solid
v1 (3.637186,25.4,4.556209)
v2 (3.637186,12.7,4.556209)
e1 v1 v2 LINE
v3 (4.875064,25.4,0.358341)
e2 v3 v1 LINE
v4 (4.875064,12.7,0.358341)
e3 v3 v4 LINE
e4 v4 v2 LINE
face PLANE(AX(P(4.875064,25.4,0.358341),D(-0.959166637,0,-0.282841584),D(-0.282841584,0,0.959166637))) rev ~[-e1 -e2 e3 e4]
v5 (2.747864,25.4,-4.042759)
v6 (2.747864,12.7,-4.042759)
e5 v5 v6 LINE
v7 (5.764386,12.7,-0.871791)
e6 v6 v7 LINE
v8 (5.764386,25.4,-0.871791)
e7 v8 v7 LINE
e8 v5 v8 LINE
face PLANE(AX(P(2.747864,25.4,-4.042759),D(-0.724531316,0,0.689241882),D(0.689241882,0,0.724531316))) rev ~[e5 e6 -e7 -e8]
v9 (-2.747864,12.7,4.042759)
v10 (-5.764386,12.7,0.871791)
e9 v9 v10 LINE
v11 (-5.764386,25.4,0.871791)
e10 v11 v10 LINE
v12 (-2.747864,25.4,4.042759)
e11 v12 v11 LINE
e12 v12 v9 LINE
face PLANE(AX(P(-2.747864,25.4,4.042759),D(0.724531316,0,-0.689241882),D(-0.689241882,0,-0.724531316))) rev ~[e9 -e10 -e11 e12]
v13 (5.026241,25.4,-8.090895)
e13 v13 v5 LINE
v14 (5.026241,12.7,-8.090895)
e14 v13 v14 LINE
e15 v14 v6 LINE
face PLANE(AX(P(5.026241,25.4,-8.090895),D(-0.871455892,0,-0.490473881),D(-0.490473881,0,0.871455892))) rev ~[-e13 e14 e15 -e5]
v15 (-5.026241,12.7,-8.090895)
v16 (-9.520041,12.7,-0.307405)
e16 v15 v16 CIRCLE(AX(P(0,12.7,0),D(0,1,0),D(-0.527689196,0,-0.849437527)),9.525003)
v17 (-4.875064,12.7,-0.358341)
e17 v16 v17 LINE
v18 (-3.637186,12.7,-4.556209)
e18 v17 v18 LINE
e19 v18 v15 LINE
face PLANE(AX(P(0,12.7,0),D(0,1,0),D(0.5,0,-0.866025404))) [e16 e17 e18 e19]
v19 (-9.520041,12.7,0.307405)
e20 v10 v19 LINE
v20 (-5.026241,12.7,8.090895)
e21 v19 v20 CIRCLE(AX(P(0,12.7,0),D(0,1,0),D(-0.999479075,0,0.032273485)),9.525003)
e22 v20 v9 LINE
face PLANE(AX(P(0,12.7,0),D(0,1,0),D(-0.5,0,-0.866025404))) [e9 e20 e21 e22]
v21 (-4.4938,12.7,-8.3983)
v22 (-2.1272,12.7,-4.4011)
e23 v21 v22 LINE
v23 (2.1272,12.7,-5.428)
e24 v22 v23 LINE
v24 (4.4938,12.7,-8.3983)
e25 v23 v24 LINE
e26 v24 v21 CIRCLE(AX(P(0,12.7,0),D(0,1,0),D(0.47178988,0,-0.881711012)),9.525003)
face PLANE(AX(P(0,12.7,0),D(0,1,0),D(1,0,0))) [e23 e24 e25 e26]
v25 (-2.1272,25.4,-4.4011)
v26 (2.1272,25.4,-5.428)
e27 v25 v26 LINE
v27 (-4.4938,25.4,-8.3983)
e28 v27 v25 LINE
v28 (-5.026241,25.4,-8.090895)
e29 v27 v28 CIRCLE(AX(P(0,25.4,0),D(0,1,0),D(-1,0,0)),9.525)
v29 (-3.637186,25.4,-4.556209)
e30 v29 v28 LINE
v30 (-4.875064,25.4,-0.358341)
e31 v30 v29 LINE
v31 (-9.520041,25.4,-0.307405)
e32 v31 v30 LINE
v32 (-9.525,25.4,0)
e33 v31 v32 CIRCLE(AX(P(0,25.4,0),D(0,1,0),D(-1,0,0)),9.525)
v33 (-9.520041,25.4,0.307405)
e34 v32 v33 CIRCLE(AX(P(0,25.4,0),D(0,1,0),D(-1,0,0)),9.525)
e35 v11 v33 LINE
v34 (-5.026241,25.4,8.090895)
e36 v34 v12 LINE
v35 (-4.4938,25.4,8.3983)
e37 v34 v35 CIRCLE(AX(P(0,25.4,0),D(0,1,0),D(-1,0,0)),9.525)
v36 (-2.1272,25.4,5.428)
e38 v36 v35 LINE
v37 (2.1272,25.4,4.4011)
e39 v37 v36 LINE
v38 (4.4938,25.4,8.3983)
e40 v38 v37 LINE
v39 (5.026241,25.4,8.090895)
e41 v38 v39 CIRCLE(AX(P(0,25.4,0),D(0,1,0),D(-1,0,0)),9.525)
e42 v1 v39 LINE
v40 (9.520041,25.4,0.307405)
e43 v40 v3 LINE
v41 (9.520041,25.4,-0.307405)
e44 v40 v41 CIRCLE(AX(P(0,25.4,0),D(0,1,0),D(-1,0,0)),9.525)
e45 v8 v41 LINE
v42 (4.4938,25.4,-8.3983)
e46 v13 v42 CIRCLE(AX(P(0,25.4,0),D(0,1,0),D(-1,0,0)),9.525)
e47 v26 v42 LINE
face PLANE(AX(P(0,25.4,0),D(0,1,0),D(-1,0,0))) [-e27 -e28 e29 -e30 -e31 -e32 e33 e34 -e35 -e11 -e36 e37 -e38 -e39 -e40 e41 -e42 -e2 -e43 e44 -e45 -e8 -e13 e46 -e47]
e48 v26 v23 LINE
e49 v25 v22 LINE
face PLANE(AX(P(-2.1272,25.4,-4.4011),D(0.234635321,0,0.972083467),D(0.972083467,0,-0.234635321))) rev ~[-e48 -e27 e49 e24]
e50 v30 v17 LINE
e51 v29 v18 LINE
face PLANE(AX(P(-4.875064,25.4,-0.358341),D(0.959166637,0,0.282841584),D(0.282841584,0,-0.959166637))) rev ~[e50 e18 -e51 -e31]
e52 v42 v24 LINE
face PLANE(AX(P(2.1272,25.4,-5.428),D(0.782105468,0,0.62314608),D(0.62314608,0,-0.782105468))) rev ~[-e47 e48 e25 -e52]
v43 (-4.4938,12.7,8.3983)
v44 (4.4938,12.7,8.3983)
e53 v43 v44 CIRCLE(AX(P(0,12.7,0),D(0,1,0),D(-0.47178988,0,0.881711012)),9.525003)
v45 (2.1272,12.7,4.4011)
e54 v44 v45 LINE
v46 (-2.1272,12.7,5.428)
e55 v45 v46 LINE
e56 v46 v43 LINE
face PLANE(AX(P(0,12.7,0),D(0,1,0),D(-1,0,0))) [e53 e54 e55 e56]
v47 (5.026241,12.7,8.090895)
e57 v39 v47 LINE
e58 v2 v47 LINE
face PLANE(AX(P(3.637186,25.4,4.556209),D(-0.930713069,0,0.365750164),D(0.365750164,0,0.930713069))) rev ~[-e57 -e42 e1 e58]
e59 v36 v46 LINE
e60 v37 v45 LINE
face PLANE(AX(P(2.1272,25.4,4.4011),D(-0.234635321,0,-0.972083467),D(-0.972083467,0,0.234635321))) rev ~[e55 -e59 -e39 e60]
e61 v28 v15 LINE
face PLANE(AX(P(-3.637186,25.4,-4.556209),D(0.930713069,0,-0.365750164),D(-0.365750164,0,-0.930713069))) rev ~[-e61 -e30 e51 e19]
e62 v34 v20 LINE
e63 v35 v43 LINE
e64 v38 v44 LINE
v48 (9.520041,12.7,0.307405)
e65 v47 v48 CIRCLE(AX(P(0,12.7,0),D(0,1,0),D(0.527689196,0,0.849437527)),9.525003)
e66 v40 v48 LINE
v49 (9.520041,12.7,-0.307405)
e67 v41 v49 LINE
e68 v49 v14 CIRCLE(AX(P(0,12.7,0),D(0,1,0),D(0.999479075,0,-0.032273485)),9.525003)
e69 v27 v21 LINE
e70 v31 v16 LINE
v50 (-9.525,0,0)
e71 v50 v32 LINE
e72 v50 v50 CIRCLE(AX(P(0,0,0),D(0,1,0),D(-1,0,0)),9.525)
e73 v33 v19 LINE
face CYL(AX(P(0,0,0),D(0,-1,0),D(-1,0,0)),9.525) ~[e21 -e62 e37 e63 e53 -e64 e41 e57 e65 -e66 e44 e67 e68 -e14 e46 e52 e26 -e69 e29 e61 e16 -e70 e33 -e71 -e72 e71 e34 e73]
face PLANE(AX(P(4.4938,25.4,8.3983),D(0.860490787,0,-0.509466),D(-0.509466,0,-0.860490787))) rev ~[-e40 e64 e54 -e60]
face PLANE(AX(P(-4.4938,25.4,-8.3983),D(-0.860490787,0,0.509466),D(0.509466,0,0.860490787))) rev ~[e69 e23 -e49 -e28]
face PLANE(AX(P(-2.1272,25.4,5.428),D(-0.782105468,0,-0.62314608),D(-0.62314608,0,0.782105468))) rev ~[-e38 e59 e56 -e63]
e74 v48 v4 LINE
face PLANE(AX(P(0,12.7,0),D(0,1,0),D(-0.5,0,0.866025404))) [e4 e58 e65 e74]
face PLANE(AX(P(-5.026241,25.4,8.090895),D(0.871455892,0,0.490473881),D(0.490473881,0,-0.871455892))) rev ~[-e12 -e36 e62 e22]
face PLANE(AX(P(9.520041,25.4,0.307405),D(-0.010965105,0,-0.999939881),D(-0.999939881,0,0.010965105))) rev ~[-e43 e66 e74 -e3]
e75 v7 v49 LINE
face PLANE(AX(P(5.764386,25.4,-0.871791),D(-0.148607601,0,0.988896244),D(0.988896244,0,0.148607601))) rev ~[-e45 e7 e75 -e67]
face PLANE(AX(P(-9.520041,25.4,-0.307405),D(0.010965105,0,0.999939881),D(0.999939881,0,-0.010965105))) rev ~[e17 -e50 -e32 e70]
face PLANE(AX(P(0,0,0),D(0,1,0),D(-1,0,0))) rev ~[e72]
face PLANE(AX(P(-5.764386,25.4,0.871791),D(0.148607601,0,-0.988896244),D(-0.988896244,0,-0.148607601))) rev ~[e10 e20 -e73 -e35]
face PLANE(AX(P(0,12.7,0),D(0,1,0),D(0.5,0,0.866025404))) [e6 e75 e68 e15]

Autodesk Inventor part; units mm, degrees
ref_plane "YZ Plane" through (0, 0, 0) normal (1, 0, 0) x (0, 1, 0)
ref_plane "XZ Plane" through (0, 0, 0) normal (0, 1, 0) x (-1, 0, 0)
ref_plane "XY Plane" through (0, 0, 0) normal (0, 0, 1) x (1, 0, 0)
sketch "Sketch1" plane through (0, 0, 0) normal (0, 1, 0) x (-1, 0, 0)
  circle A0 centre (0, 0) radius 9.525
  dimension "d0" = 19.05
extrude "Extrusion1" add sketch "Sketch1" along normal blind 25.4
sketch "Sketch2" plane through (0, 25.4, 0) normal (0, 1, 0) x (1, 0, 0)
  arc A0 (4.4938, 8.3983) -> (-4.4938, 8.3983) centre (0, 0) ccw
  line L0 (-4.4938, 8.3983) -> (-2.1272, 4.4011)
  line L1 (-2.1272, 4.4011) -> (2.1272, 5.428)
  line L2 (2.1272, 5.428) -> (4.4938, 8.3983)
extrude "Extrusion2" cut sketch "Sketch2" against normal blind 12.7
pattern_circular "Circular Pattern1" count 6 over 360 about axis through (0, -10, 0) along (0, 1, 0) of "Extrusion2"
properties part number "test"
